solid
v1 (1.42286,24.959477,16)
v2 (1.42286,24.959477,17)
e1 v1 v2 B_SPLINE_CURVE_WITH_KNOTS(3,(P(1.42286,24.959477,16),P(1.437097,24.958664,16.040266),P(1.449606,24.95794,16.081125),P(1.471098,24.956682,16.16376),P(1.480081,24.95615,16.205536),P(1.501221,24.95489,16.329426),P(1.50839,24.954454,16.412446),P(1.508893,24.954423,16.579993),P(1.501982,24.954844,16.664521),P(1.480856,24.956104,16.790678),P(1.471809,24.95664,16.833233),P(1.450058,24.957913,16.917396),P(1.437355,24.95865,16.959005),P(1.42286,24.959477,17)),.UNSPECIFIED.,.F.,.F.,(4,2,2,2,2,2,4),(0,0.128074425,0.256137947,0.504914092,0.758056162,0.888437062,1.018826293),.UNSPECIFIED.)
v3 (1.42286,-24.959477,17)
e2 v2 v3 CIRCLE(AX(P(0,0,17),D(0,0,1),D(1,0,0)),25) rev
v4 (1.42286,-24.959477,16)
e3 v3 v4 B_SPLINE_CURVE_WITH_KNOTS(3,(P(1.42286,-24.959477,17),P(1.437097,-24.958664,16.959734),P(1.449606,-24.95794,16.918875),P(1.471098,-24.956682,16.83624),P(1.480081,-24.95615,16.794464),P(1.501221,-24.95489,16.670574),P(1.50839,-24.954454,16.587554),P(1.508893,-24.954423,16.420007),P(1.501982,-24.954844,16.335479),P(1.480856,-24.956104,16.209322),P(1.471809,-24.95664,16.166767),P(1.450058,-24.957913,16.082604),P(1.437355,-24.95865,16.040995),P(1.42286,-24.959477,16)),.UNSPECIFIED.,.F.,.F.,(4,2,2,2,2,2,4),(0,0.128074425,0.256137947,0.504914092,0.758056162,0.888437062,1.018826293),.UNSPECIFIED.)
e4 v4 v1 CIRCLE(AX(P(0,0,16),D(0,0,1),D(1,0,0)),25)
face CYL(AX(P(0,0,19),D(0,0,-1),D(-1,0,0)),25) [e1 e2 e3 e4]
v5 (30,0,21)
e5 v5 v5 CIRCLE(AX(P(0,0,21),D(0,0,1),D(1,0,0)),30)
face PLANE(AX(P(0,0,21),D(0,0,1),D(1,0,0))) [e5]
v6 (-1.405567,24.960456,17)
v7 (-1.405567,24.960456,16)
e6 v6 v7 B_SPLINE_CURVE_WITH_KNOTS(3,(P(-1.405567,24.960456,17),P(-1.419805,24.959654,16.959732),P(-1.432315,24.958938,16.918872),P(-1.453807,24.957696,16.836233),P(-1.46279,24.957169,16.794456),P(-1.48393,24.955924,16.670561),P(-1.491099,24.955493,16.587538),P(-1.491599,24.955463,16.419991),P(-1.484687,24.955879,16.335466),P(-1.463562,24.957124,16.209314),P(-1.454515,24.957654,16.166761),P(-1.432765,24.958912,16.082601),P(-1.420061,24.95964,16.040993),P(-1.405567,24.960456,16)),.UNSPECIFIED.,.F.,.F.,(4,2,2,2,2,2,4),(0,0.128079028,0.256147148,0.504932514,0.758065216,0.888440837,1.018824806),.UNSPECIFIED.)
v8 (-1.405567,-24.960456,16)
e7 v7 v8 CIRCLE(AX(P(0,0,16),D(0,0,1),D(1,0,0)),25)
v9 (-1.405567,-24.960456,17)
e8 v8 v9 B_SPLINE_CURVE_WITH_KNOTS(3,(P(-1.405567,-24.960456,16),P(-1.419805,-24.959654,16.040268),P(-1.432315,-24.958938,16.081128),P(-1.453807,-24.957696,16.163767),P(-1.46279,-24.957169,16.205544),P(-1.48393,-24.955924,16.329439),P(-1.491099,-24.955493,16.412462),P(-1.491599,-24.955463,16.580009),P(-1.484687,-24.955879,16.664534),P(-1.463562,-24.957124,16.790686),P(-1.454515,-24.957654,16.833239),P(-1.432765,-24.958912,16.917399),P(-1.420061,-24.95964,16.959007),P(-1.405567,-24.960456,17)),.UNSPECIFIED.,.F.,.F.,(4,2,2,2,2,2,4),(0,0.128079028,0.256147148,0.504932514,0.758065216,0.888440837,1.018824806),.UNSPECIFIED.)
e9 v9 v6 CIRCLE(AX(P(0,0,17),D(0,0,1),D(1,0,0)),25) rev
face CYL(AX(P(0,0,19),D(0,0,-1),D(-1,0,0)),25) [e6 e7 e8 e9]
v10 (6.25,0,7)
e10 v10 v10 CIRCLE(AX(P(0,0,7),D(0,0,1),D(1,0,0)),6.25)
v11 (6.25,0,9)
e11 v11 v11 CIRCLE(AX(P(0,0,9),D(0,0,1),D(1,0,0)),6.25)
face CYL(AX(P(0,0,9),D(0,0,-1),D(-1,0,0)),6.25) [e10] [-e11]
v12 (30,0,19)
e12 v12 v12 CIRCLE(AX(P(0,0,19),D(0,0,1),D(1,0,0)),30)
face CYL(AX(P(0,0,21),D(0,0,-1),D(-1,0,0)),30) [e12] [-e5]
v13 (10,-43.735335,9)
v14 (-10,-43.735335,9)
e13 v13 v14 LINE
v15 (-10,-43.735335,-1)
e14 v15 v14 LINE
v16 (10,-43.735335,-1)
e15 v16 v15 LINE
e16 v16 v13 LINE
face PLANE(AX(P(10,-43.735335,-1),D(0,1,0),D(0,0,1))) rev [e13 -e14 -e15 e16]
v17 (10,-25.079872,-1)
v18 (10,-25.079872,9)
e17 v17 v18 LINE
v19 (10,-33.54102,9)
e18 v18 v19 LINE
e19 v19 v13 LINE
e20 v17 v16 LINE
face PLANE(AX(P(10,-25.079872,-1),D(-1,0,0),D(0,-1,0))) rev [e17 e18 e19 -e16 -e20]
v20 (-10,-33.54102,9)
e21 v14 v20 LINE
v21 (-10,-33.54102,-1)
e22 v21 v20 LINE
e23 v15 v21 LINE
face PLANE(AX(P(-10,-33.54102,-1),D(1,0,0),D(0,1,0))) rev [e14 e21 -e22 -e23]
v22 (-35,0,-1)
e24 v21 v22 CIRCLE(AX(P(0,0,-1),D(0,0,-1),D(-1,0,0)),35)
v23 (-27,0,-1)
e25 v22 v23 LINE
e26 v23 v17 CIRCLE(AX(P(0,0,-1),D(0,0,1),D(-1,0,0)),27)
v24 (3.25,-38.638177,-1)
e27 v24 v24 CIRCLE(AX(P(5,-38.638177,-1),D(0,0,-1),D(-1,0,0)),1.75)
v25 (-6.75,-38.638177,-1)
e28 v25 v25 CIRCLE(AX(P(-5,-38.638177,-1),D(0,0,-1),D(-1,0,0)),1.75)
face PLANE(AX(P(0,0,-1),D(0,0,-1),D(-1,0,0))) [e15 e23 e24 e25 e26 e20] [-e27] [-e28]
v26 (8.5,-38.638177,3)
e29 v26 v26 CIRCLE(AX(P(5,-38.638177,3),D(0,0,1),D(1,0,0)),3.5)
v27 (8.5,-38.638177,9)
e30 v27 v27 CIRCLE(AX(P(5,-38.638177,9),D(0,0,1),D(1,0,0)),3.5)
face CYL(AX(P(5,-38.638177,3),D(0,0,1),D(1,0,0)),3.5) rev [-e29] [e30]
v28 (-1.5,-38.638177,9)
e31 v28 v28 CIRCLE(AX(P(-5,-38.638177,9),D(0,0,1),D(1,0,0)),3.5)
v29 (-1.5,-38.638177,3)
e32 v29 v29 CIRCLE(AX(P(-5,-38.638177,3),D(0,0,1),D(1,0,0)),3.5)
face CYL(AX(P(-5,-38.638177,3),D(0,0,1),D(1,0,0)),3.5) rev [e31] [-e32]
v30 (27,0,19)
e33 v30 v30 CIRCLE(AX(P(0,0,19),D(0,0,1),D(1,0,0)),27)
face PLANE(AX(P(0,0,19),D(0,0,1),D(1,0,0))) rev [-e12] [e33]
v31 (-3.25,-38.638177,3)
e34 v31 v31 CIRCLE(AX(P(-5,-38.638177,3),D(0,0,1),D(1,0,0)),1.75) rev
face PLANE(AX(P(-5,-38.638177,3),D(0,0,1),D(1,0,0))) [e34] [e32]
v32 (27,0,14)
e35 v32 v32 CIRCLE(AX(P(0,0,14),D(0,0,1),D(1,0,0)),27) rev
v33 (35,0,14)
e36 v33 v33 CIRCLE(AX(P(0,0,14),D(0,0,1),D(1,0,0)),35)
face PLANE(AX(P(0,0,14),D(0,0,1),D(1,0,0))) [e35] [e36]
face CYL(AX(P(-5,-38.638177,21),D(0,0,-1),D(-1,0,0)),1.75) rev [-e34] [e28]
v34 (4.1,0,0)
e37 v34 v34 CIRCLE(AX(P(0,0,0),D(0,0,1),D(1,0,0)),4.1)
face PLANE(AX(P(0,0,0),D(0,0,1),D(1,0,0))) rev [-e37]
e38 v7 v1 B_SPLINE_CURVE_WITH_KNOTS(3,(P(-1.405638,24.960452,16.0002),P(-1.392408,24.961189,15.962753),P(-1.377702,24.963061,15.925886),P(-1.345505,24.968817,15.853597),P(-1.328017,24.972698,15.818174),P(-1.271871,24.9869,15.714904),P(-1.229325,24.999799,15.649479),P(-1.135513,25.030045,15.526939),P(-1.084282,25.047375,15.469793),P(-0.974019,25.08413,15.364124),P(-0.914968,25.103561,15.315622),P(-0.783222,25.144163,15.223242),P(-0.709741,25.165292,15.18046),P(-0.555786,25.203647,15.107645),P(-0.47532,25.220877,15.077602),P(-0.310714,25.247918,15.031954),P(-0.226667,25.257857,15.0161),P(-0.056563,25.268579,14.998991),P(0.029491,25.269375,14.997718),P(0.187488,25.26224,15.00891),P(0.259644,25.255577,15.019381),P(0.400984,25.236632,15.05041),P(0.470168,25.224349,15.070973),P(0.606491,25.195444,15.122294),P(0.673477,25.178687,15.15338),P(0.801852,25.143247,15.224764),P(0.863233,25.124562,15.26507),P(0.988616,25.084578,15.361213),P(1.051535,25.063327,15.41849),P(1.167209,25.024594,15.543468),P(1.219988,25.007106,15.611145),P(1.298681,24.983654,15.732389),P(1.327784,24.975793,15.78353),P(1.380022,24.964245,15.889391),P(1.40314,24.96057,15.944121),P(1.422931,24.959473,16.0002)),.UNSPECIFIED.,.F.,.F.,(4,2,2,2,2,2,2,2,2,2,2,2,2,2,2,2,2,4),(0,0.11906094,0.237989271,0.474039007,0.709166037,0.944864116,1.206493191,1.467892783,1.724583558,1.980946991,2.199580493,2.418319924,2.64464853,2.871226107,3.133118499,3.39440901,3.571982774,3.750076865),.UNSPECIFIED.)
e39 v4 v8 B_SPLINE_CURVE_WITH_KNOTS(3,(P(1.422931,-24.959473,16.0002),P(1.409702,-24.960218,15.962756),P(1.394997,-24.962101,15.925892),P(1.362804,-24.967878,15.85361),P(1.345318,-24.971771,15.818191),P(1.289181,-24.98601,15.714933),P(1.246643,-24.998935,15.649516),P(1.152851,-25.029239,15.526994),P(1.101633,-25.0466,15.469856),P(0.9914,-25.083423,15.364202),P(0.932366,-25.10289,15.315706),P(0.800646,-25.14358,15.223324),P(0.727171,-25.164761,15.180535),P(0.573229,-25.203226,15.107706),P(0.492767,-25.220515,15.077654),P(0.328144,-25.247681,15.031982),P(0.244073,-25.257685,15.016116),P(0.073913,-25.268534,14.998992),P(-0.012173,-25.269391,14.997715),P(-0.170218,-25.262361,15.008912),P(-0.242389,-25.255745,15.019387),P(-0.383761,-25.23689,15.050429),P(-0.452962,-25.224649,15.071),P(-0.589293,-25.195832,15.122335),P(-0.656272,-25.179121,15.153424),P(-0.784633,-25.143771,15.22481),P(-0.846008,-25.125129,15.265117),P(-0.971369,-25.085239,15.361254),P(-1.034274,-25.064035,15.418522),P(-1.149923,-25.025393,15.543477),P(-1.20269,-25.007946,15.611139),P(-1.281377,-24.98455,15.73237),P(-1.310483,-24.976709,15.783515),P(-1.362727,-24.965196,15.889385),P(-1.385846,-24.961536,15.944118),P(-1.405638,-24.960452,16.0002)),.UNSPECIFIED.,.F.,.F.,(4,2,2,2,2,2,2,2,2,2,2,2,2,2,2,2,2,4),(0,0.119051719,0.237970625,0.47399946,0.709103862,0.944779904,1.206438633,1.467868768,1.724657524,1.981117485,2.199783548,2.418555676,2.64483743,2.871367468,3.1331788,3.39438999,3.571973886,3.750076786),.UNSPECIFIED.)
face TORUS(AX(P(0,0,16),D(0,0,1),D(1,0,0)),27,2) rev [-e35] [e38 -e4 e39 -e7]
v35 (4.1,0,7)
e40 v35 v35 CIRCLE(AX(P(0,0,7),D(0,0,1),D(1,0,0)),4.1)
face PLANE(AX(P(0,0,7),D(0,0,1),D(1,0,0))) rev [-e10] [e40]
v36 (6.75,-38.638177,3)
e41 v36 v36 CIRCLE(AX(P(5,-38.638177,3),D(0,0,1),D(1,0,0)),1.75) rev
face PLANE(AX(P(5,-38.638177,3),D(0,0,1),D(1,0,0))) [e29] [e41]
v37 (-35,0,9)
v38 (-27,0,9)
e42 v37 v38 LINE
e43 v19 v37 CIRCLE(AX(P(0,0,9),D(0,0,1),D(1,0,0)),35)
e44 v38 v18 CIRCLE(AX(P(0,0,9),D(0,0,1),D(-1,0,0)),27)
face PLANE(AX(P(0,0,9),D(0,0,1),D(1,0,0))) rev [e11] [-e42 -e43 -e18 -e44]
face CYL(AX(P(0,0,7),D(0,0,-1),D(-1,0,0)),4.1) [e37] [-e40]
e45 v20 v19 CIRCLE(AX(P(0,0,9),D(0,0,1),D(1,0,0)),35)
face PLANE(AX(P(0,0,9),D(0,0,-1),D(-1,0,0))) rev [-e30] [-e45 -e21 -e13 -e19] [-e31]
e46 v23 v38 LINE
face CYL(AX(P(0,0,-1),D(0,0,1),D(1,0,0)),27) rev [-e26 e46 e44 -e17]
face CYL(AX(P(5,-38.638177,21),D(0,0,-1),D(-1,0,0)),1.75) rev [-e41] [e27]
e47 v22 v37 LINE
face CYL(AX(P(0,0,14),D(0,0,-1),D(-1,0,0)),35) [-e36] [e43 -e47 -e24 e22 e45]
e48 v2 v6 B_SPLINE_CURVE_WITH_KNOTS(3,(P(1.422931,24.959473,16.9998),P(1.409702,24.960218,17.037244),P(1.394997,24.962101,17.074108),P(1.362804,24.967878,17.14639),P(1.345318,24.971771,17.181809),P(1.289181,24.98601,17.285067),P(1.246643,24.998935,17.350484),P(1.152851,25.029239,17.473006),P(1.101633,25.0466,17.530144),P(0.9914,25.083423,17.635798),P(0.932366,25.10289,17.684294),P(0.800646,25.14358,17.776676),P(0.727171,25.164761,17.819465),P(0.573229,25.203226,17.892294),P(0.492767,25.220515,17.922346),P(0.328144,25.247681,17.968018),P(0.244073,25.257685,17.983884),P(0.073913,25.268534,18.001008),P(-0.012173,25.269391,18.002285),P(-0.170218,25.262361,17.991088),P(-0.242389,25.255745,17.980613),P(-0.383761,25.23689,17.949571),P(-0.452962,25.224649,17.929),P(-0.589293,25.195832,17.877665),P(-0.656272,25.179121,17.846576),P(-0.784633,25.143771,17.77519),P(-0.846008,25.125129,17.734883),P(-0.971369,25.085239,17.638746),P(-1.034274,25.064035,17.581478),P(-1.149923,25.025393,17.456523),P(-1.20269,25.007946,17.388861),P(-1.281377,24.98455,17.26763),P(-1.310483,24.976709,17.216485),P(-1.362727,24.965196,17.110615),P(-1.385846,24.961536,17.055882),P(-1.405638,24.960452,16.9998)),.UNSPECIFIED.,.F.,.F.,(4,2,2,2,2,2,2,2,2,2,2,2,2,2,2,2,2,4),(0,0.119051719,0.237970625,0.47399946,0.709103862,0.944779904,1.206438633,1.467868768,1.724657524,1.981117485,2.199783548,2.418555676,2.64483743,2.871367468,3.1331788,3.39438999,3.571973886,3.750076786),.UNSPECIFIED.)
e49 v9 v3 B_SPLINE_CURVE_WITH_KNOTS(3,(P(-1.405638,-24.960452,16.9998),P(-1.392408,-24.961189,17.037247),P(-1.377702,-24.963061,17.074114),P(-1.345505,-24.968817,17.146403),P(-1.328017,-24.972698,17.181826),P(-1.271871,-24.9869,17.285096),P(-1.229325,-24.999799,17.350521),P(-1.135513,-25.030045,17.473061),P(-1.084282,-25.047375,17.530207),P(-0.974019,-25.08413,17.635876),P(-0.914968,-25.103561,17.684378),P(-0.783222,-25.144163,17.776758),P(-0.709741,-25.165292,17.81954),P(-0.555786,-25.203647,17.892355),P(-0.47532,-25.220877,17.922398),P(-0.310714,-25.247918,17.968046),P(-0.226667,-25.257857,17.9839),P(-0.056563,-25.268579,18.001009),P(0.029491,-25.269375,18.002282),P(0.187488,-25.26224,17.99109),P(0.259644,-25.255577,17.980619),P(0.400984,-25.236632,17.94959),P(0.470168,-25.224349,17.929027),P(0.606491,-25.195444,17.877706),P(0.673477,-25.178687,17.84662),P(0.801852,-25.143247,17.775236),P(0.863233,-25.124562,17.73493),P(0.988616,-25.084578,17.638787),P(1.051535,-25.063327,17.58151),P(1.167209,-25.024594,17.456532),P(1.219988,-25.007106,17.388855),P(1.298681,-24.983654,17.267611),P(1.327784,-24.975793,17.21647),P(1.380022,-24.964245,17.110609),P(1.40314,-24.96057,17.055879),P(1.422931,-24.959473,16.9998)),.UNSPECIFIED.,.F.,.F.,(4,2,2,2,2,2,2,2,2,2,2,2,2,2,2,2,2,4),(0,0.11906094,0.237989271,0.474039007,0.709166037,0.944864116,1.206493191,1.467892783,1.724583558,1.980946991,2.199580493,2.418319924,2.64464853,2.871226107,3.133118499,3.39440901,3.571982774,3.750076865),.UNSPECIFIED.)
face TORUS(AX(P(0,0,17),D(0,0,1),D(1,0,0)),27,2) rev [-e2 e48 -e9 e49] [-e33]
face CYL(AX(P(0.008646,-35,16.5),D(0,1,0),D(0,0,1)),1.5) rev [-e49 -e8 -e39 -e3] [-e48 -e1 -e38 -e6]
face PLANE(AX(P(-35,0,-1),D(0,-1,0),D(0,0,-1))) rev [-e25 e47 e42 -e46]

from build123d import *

# Parameters (mm, degrees)
SKETCH1_R               = 4.1
BOSS_EXTRUDE1_DEPTH     = 7
SKETCH2_R               = 6.25
BOSS_EXTRUDE2_DEPTH     = 2
SKETCH3_R               = 35
BOSS_EXTRUDE3_DEPTH     = 5
SKETCH4_R               = 25
BOSS_EXTRUDE4_DEPTH     = 5
SKETCH5_R               = 30
BOSS_EXTRUDE5_DEPTH     = 2
FILLET1_R               = 2
FILLET2_R               = 2
SKETCH6_R               = 1.5
CUT_EXTRUDE1_DEPTH      = 36
CUT_EXTRUDE1_DEPTH_BACK = 36
BOSS_EXTRUDE6_DEPTH     = 10
SKETCH9_R               = 1.75
CUT_EXTRUDE2_DEPTH      = 1
CUT_EXTRUDE2_DEPTH_BACK = 23
SKETCH10_R              = 3.5
CUT_EXTRUDE3_DEPTH      = 6


with BuildPart() as part:
    # Sketch1 → Boss-Extrude1 (new body)
    with BuildSketch(Plane.XY):
        Circle(SKETCH1_R)
    extrude(amount=BOSS_EXTRUDE1_DEPTH)

    # Sketch2 → Boss-Extrude2 (add)
    with BuildSketch(Plane.XY.offset(7)):
        Circle(SKETCH2_R)
    extrude(amount=BOSS_EXTRUDE2_DEPTH)

    # Sketch3 → Boss-Extrude3 (add)
    with BuildSketch(Plane.XY.offset(9)):
        Circle(SKETCH3_R)
    extrude(amount=BOSS_EXTRUDE3_DEPTH)

    # Sketch4 → Boss-Extrude4 (add)
    with BuildSketch(Plane.XY.offset(14)):
        Circle(SKETCH4_R)
    extrude(amount=BOSS_EXTRUDE4_DEPTH)

    # Sketch5 → Boss-Extrude5 (add)
    with BuildSketch(Plane.XY.offset(19)):
        Circle(SKETCH5_R)
    extrude(amount=BOSS_EXTRUDE5_DEPTH)

    # Fillet1
    fillet1_edges = [part.edges().sort_by_distance(p)[0] for p in [
        (-25, 0, 19),
    ]]
    fillet(fillet1_edges, radius=FILLET1_R)

    # Fillet2
    fillet2_edges = [part.edges().sort_by_distance(p)[0] for p in [
        (-25, 0, 14),
    ]]
    fillet(fillet2_edges, radius=FILLET2_R)

    # Sketch6 → Cut-Extrude1 (cut, two sides)
    with BuildSketch(Plane(origin=(0, 0, 0), x_dir=(1, 0, 0), z_dir=(0, 1, 0))) as cut_extrude1_sk:
        with Locations((0.008646323, -16.5)):
            Circle(SKETCH6_R)
    extrude(amount=CUT_EXTRUDE1_DEPTH, mode=Mode.SUBTRACT)
    extrude(cut_extrude1_sk.sketch, amount=-CUT_EXTRUDE1_DEPTH_BACK, mode=Mode.SUBTRACT)

    # Sketch7 → Boss-Extrude6 (add)
    with BuildSketch(Plane(origin=(0, 0, 9), x_dir=(-1, 0, 0), z_dir=(0, 0, -1))):
        with BuildLine():
            Line((35, 0), (27, 0))
            ThreePointArc((27, 0), (15.149257408, -22.349496639), (-10, -25.079872408))
            Line((-10, -25.079872408), (-10, -43.735334875))
            Line((-10, -43.735334875), (10, -43.735334875))
            Line((10, -43.735334875), (10, -33.735334875))
            Line((10, -33.735334875), (10, -33.541019662))
            ThreePointArc((10, -33.541019662), (28.062430401, -20.916500663), (35, 0))
        make_face()
    extrude(amount=BOSS_EXTRUDE6_DEPTH)

    # Sketch9 → Cut-Extrude2 (cut, two sides)
    with BuildSketch(Plane(origin=(0, 0, -1), x_dir=(-1, 0, 0), z_dir=(0, 0, -1))) as cut_extrude2_sk:
        with Locations((5, -38.638177269)):
            Circle(SKETCH9_R)
        with Locations((-5, -38.638177269)):
            Circle(SKETCH9_R)
    extrude(amount=CUT_EXTRUDE2_DEPTH, mode=Mode.SUBTRACT)
    extrude(cut_extrude2_sk.sketch, amount=-CUT_EXTRUDE2_DEPTH_BACK, mode=Mode.SUBTRACT)

    # Sketch10 → Cut-Extrude3 (cut)
    with BuildSketch(Plane.XY.offset(9)):
        with Locations((-5, -38.638177269)):
            Circle(SKETCH10_R)
        with Locations((5, -38.638177269)):
            Circle(SKETCH10_R)
    extrude(amount=-CUT_EXTRUDE3_DEPTH, mode=Mode.SUBTRACT)


solid = part.part
